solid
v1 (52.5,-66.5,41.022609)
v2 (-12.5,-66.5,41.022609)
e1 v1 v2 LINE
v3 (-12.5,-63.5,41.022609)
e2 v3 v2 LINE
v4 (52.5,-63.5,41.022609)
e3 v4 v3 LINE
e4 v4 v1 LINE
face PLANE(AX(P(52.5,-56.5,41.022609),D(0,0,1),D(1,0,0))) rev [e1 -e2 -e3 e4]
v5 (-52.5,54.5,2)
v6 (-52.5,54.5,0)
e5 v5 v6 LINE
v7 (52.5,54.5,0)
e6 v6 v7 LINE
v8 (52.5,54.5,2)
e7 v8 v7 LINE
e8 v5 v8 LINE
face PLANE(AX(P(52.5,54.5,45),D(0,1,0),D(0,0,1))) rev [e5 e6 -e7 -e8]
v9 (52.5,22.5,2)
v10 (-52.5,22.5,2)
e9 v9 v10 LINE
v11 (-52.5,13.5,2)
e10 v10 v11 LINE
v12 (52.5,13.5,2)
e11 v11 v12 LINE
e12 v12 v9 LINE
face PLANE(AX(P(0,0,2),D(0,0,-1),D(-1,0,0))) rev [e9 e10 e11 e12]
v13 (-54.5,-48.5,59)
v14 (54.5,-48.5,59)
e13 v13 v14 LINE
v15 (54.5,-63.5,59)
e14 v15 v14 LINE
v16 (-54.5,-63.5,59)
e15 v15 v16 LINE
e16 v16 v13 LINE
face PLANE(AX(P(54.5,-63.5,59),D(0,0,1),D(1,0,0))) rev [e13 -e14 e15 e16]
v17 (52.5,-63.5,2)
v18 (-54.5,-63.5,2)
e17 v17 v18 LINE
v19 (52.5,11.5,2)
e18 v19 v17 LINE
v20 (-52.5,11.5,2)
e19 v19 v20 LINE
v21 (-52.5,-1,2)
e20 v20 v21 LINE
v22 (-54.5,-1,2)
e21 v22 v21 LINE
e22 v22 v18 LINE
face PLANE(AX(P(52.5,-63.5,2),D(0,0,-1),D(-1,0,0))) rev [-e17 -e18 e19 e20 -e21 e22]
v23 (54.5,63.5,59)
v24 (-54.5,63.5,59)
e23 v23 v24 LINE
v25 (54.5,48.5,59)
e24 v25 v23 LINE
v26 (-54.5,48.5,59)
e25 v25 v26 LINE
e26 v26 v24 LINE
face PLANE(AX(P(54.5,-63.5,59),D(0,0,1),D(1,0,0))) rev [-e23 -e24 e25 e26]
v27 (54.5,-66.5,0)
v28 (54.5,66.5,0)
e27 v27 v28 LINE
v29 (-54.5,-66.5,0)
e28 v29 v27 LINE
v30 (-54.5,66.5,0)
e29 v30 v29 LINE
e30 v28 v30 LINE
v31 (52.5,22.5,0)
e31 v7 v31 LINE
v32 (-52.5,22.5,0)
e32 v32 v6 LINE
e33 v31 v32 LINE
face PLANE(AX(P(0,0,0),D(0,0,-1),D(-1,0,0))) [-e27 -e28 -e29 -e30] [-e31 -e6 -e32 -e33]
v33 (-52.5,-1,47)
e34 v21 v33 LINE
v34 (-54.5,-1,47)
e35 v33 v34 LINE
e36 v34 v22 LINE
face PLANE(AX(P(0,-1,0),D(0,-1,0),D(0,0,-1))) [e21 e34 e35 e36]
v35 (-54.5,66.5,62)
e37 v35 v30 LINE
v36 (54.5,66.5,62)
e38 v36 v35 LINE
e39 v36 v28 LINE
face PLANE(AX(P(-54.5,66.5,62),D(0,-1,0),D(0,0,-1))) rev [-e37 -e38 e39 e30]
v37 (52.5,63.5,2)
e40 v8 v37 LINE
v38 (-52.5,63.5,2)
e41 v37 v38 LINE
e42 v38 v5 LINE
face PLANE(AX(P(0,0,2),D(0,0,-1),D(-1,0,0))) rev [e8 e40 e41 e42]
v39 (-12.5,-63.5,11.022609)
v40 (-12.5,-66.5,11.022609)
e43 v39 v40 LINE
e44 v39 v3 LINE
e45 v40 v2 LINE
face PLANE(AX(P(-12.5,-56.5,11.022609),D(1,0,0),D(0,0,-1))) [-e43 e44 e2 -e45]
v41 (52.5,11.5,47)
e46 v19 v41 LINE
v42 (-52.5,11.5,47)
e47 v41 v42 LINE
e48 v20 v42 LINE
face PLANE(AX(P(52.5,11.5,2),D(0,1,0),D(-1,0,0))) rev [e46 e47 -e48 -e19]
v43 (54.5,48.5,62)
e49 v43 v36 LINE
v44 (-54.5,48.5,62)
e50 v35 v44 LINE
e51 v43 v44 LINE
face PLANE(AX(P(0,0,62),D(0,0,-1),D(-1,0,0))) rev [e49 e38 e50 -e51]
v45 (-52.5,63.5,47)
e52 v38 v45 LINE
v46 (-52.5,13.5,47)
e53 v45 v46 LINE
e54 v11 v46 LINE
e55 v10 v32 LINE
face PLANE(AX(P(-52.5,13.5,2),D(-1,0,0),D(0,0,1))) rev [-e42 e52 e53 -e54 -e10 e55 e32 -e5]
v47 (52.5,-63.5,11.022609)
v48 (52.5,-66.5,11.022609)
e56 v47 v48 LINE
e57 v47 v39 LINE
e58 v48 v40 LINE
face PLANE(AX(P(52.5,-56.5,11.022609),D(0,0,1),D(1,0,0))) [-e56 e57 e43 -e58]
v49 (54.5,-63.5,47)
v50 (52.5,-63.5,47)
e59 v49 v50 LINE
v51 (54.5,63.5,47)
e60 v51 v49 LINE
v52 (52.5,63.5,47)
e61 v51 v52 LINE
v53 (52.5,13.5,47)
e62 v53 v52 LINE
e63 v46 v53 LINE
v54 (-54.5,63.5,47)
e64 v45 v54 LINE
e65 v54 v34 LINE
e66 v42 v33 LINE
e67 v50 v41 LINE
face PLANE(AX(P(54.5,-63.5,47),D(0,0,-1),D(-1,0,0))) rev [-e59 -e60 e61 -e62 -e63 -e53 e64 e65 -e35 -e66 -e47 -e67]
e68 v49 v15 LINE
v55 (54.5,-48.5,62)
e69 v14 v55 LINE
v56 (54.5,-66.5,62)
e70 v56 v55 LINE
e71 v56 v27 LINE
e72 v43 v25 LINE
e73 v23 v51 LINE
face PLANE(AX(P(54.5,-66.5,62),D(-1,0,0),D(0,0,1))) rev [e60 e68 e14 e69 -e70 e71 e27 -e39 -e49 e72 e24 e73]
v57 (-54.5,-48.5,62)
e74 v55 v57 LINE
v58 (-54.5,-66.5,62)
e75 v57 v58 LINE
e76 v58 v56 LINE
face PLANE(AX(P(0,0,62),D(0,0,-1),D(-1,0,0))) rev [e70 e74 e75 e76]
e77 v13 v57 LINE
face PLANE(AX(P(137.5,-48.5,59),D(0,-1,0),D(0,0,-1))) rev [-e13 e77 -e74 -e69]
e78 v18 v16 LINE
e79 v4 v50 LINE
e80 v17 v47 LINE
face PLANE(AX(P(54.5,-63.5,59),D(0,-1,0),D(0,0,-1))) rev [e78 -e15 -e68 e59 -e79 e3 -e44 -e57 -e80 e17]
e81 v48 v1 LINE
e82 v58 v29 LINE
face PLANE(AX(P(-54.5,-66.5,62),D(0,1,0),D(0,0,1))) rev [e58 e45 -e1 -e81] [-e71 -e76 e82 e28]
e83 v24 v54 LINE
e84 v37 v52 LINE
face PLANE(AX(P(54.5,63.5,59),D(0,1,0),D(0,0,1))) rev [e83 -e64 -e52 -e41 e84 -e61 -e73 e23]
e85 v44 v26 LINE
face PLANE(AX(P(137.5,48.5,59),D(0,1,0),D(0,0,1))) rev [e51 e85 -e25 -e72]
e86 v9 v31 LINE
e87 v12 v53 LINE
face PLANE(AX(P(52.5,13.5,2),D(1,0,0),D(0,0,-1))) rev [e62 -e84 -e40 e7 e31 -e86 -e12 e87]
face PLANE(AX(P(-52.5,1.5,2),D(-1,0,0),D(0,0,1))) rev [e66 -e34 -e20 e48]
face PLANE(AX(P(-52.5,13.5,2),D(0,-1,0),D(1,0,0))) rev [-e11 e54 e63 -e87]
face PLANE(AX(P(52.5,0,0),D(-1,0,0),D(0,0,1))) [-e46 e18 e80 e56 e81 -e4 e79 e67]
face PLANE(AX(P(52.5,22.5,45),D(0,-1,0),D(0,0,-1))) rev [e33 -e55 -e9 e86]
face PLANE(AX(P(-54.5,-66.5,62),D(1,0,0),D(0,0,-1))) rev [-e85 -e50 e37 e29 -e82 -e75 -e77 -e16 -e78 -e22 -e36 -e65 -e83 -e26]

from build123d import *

# Parameters (mm, degrees)
SKETCH1_W           = 109
SKETCH1_H           = 133
BOSS_EXTRUDE1_DEPTH = 62
SKETCH3_W           = 3
SKETCH3_H           = 77
CUT_EXTRUDE2_DEPTH  = 109
SKETCH4_W           = 12
SKETCH4_H           = 127
CUT_EXTRUDE3_DEPTH  = 109
SKETCH5_W           = 45
SKETCH5_H           = 65
CUT_EXTRUDE4_DEPTH  = 107
SKETCH6_W           = 105
SKETCH6_H           = 10
CUT_EXTRUDE5_DEPTH  = 45
SKETCH7_W           = 105
SKETCH7_H           = 50
CUT_EXTRUDE6_DEPTH  = 45
SKETCH9_W           = 105
SKETCH9_H           = 32
CUT_EXTRUDE7_DEPTH  = 45
SKETCH11_W          = 3
SKETCH11_H          = 10
CUT_EXTRUDE9_DEPTH  = 192
SKETCH10_W          = 65
SKETCH10_H          = 30
CUT_EXTRUDE10_DEPTH = 10
SKETCH14_W          = 2
SKETCH14_H          = 45
BOSS_EXTRUDE2_DEPTH = 2.5


with BuildPart() as part:
    # Sketch1 → Boss-Extrude1 (new body)
    with BuildSketch(Plane.XY):
        Rectangle(SKETCH1_W, SKETCH1_H)
    extrude(amount=BOSS_EXTRUDE1_DEPTH)

    # Sketch3 → Cut-Extrude2 (cut)
    with BuildSketch(Plane.ZY.offset(54.5)):
        with Locations((60.5, 0)):
            Rectangle(SKETCH3_W, SKETCH3_H)
    extrude(amount=-CUT_EXTRUDE2_DEPTH, mode=Mode.SUBTRACT)

    # Sketch4 → Cut-Extrude3 (cut)
    with BuildSketch(Plane.ZY.offset(54.5)):
        with Locations((53, 0)):
            Rectangle(SKETCH4_W, SKETCH4_H)
    extrude(amount=-CUT_EXTRUDE3_DEPTH, mode=Mode.SUBTRACT)

    # Sketch5 → Cut-Extrude4 (cut)
    with BuildSketch(Plane.ZY.offset(54.5)):
        with Locations((24.5, -31)):
            Rectangle(SKETCH5_W, SKETCH5_H)
    extrude(amount=-CUT_EXTRUDE4_DEPTH, mode=Mode.SUBTRACT)

    # Sketch6 → Cut-Extrude5 (cut)
    with BuildSketch(Plane.XY.offset(47)):
        with Locations((0, 6.5)):
            Rectangle(SKETCH6_W, SKETCH6_H)
    extrude(amount=-CUT_EXTRUDE5_DEPTH, mode=Mode.SUBTRACT)

    # Sketch7 → Cut-Extrude6 (cut)
    with BuildSketch(Plane.XY.offset(47)):
        with Locations((0, 38.5)):
            Rectangle(SKETCH7_W, SKETCH7_H)
    extrude(amount=-CUT_EXTRUDE6_DEPTH, mode=Mode.SUBTRACT)

    # Sketch9 → Cut-Extrude7 (cut)
    with BuildSketch(Plane(origin=(0, 0, 0), x_dir=(-1, 0, 0), z_dir=(0, 0, -1))):
        with Locations((0, 38.5)):
            Rectangle(SKETCH9_W, SKETCH9_H)
    extrude(amount=-CUT_EXTRUDE7_DEPTH, mode=Mode.SUBTRACT)

    # Sketch11 → Cut-Extrude9 (cut)
    with BuildSketch(Plane.ZY.offset(54.5)):
        with Locations((60.5, 43.5)):
            Rectangle(SKETCH11_W, SKETCH11_H)
        with Locations((60.5, -43.5)):
            Rectangle(SKETCH11_W, SKETCH11_H)
    extrude(amount=-CUT_EXTRUDE9_DEPTH, mode=Mode.SUBTRACT)

    # Sketch10 → Cut-Extrude10 (cut)
    with BuildSketch(Plane.XZ.offset(66.5)):
        with Locations((20, 26.022609269)):
            Rectangle(SKETCH10_W, SKETCH10_H)
    extrude(amount=-CUT_EXTRUDE10_DEPTH, mode=Mode.SUBTRACT)

    # Sketch14 → Boss-Extrude2 (add)
    with BuildSketch(Plane.XZ.offset(-1.5)):
        with Locations((-53.5, 24.5)):
            Rectangle(SKETCH14_W, SKETCH14_H)
    extrude(amount=BOSS_EXTRUDE2_DEPTH)


solid = part.part
